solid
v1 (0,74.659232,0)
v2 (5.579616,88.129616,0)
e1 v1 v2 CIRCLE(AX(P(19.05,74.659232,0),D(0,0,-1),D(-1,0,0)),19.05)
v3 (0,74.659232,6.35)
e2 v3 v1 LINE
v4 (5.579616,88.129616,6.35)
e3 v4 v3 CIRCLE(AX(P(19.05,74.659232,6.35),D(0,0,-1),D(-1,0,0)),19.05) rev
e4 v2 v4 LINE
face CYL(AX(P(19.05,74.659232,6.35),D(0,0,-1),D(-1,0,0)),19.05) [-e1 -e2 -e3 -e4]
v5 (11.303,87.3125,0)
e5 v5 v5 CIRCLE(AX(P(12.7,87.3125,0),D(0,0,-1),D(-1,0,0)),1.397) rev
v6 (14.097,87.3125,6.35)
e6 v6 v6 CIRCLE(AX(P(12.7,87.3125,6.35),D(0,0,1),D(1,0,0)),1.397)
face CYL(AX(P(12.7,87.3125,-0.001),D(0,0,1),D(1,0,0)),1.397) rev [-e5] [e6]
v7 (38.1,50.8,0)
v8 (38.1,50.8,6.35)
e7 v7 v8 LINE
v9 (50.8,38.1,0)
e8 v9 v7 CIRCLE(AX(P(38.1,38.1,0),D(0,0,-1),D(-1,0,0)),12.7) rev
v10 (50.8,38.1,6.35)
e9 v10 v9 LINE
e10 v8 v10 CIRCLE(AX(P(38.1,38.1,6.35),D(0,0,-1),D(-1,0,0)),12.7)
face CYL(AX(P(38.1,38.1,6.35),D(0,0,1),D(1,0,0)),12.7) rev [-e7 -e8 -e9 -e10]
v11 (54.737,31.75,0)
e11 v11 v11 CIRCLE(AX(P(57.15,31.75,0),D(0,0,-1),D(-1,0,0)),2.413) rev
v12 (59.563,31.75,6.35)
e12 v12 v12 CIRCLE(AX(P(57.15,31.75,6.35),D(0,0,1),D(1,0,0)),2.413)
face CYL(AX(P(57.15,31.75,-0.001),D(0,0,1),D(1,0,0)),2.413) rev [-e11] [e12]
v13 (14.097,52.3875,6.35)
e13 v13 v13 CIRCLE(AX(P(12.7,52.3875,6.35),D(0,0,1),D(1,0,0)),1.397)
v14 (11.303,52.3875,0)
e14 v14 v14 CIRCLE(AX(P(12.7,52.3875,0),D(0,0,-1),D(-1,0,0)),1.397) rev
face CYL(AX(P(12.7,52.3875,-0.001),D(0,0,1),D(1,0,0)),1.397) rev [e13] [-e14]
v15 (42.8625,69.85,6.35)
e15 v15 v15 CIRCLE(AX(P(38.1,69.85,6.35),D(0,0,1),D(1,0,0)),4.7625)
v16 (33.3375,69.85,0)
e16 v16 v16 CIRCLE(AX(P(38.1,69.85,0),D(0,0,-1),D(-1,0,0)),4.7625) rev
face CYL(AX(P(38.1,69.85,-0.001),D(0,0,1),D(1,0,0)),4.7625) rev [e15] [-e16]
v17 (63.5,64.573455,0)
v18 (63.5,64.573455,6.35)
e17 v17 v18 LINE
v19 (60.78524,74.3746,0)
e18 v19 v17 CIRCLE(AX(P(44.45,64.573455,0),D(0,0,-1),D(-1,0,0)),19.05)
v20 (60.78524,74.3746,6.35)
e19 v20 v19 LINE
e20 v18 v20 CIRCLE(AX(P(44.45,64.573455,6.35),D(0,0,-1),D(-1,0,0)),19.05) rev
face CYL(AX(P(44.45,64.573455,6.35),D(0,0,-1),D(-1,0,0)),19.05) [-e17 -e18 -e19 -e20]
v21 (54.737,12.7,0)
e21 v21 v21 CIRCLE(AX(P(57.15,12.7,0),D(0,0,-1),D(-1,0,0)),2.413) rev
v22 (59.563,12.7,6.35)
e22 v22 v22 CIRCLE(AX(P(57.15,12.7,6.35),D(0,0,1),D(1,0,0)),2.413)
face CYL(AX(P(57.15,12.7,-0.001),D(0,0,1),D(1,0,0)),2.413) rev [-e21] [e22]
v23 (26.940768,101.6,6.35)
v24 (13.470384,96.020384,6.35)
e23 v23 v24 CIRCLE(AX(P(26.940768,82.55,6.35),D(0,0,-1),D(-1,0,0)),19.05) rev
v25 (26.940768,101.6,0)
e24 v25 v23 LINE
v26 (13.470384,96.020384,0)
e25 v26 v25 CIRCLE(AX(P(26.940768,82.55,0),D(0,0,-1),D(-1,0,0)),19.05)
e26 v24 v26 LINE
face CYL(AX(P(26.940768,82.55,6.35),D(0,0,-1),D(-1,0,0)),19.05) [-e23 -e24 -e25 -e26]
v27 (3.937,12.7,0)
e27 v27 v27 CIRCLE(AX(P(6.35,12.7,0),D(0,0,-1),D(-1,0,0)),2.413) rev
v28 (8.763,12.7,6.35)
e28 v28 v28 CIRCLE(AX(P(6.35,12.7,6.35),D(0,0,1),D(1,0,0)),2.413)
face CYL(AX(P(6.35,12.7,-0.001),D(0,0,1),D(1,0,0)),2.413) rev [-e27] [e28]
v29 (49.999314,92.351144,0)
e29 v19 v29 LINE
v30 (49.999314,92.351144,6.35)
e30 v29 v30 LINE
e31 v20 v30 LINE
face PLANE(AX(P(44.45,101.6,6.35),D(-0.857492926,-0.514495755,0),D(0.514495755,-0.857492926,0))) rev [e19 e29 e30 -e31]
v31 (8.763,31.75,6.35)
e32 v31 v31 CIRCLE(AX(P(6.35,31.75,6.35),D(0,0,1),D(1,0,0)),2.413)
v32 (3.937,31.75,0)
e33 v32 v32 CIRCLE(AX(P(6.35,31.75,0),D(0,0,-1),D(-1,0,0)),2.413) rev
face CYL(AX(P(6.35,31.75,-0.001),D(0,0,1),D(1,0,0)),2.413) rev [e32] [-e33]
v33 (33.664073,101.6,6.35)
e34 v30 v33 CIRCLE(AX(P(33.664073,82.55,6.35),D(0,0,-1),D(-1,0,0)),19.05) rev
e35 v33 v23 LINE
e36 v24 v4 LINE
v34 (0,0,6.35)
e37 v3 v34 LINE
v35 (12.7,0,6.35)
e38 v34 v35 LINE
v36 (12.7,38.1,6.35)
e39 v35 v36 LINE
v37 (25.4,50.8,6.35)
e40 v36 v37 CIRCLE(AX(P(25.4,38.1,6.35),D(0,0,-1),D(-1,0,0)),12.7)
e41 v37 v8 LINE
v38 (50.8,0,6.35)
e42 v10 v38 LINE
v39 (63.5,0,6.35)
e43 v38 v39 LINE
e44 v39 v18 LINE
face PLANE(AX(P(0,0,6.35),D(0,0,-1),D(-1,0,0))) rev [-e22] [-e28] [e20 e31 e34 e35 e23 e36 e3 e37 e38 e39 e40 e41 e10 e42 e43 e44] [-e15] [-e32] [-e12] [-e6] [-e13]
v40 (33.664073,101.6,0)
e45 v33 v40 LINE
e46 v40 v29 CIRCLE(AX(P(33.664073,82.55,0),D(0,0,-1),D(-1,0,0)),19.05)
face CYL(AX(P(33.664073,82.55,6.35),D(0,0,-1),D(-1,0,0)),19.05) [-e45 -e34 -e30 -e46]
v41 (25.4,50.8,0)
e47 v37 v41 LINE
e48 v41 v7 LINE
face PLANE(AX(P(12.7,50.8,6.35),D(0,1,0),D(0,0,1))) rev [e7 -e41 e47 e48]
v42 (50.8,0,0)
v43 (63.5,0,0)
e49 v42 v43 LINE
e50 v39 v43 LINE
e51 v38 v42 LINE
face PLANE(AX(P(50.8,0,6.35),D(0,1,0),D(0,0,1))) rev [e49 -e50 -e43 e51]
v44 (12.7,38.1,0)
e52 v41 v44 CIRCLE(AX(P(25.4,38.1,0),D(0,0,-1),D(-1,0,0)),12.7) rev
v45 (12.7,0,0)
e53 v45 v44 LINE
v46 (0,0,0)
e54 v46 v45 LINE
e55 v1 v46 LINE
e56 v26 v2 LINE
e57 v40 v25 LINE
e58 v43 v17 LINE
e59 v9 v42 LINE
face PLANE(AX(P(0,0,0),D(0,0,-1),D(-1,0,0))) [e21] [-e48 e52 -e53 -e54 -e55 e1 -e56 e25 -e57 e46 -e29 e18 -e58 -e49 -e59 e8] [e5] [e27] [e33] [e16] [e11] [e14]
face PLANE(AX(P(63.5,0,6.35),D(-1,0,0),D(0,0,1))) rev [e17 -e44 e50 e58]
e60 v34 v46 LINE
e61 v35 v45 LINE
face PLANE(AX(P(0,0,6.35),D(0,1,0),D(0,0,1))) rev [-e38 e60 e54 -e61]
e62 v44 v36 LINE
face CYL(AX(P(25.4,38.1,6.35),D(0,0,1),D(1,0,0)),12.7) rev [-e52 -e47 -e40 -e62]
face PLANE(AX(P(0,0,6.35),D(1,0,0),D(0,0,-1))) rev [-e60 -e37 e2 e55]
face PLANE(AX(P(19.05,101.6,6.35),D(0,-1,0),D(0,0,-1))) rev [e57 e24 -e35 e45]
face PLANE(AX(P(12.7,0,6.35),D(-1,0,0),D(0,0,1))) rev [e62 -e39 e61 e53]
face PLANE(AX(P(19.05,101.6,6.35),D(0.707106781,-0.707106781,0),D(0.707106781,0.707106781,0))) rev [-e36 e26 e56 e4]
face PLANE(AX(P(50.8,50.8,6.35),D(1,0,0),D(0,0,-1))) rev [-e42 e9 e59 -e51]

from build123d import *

# Parameters (mm, degrees)
BOSS_EXTRUDE1_DEPTH = 6.35
CUT_EXTRUDE1_REACH  = 8.35
SKETCH2_R           = 2.413
CUT_EXTRUDE3_REACH  = 8.35
SKETCH4_R           = 1.397
SKETCH4_R_2         = 4.7625
FILLET4_R           = 12.7
FILLET5_R           = 19.05


with BuildPart() as part:
    # Sketch1 → Boss-Extrude1 (new body)
    with BuildSketch(Plane.XY):
        Polygon((0, 0), (12.7, 0), (12.7, 50.8), (50.8, 50.8), (50.8, 0), (63.5, 0), (63.5, 69.85), (44.45, 101.6), (19.05, 101.6), (0, 82.55), align=None)
    extrude(amount=BOSS_EXTRUDE1_DEPTH)

    # Sketch2 → Cut-Extrude1 (cut, up to next)
    with BuildSketch(Plane.XY.offset(6.35), mode=Mode.PRIVATE) as cut_extrude1_sk1:
        with Locations((6.35, 12.7)):
            Circle(SKETCH2_R)
    cut_extrude1_tool1 = extrude(cut_extrude1_sk1.sketch, amount=-CUT_EXTRUDE1_REACH, mode=Mode.PRIVATE) & part.part
    add(cut_extrude1_tool1.solids().sort_by_distance((6.35, 12.7, 6.35))[0], mode=Mode.SUBTRACT)
    # Sketch2 → Cut-Extrude1 (cut, up to next)
    with BuildSketch(Plane.XY.offset(6.35), mode=Mode.PRIVATE) as cut_extrude1_sk2:
        with Locations((6.35, 31.75)):
            Circle(SKETCH2_R)
    cut_extrude1_tool2 = extrude(cut_extrude1_sk2.sketch, amount=-CUT_EXTRUDE1_REACH, mode=Mode.PRIVATE) & part.part
    add(cut_extrude1_tool2.solids().sort_by_distance((6.35, 31.75, 6.35))[0], mode=Mode.SUBTRACT)
    # Sketch2 → Cut-Extrude1 (cut, up to next)
    with BuildSketch(Plane.XY.offset(6.35), mode=Mode.PRIVATE) as cut_extrude1_sk3:
        with Locations((57.15, 12.7)):
            Circle(SKETCH2_R)
    cut_extrude1_tool3 = extrude(cut_extrude1_sk3.sketch, amount=-CUT_EXTRUDE1_REACH, mode=Mode.PRIVATE) & part.part
    add(cut_extrude1_tool3.solids().sort_by_distance((57.15, 12.7, 6.35))[0], mode=Mode.SUBTRACT)
    # Sketch2 → Cut-Extrude1 (cut, up to next)
    with BuildSketch(Plane.XY.offset(6.35), mode=Mode.PRIVATE) as cut_extrude1_sk4:
        with Locations((57.15, 31.75)):
            Circle(SKETCH2_R)
    cut_extrude1_tool4 = extrude(cut_extrude1_sk4.sketch, amount=-CUT_EXTRUDE1_REACH, mode=Mode.PRIVATE) & part.part
    add(cut_extrude1_tool4.solids().sort_by_distance((57.15, 31.75, 6.35))[0], mode=Mode.SUBTRACT)

    # Sketch4 → Cut-Extrude3 (cut, up to next)
    with BuildSketch(Plane.XY.offset(6.35), mode=Mode.PRIVATE) as cut_extrude3_sk1:
        with Locations((12.7, 52.3875)):
            Circle(SKETCH4_R)
    cut_extrude3_tool1 = extrude(cut_extrude3_sk1.sketch, amount=-CUT_EXTRUDE3_REACH, mode=Mode.PRIVATE) & part.part
    add(cut_extrude3_tool1.solids().sort_by_distance((12.7, 52.3875, 6.35))[0], mode=Mode.SUBTRACT)
    # Sketch4 → Cut-Extrude3 (cut, up to next)
    with BuildSketch(Plane.XY.offset(6.35), mode=Mode.PRIVATE) as cut_extrude3_sk2:
        with Locations((12.7, 87.3125)):
            Circle(SKETCH4_R)
    cut_extrude3_tool2 = extrude(cut_extrude3_sk2.sketch, amount=-CUT_EXTRUDE3_REACH, mode=Mode.PRIVATE) & part.part
    add(cut_extrude3_tool2.solids().sort_by_distance((12.7, 87.3125, 6.35))[0], mode=Mode.SUBTRACT)
    # Sketch4 → Cut-Extrude3 (cut, up to next)
    with BuildSketch(Plane.XY.offset(6.35), mode=Mode.PRIVATE) as cut_extrude3_sk3:
        with Locations((38.1, 69.85)):
            Circle(SKETCH4_R_2)
    cut_extrude3_tool3 = extrude(cut_extrude3_sk3.sketch, amount=-CUT_EXTRUDE3_REACH, mode=Mode.PRIVATE) & part.part
    add(cut_extrude3_tool3.solids().sort_by_distance((38.1, 69.85, 6.35))[0], mode=Mode.SUBTRACT)

    # Fillet4
    fillet4_edges = [part.edges().sort_by_distance(p)[0] for p in [
        (50.8, 50.8, 3.175),
        (12.7, 50.8, 3.175),
    ]]
    fillet(fillet4_edges, radius=FILLET4_R)

    # Fillet5
    fillet5_edges = [part.edges().sort_by_distance(p)[0] for p in [
        (0, 82.55, 3.175),
        (19.05, 101.6, 3.175),
        (44.45, 101.6, 3.175),
        (63.5, 69.85, 3.175),
    ]]
    fillet(fillet5_edges, radius=FILLET5_R)


solid = part.part
